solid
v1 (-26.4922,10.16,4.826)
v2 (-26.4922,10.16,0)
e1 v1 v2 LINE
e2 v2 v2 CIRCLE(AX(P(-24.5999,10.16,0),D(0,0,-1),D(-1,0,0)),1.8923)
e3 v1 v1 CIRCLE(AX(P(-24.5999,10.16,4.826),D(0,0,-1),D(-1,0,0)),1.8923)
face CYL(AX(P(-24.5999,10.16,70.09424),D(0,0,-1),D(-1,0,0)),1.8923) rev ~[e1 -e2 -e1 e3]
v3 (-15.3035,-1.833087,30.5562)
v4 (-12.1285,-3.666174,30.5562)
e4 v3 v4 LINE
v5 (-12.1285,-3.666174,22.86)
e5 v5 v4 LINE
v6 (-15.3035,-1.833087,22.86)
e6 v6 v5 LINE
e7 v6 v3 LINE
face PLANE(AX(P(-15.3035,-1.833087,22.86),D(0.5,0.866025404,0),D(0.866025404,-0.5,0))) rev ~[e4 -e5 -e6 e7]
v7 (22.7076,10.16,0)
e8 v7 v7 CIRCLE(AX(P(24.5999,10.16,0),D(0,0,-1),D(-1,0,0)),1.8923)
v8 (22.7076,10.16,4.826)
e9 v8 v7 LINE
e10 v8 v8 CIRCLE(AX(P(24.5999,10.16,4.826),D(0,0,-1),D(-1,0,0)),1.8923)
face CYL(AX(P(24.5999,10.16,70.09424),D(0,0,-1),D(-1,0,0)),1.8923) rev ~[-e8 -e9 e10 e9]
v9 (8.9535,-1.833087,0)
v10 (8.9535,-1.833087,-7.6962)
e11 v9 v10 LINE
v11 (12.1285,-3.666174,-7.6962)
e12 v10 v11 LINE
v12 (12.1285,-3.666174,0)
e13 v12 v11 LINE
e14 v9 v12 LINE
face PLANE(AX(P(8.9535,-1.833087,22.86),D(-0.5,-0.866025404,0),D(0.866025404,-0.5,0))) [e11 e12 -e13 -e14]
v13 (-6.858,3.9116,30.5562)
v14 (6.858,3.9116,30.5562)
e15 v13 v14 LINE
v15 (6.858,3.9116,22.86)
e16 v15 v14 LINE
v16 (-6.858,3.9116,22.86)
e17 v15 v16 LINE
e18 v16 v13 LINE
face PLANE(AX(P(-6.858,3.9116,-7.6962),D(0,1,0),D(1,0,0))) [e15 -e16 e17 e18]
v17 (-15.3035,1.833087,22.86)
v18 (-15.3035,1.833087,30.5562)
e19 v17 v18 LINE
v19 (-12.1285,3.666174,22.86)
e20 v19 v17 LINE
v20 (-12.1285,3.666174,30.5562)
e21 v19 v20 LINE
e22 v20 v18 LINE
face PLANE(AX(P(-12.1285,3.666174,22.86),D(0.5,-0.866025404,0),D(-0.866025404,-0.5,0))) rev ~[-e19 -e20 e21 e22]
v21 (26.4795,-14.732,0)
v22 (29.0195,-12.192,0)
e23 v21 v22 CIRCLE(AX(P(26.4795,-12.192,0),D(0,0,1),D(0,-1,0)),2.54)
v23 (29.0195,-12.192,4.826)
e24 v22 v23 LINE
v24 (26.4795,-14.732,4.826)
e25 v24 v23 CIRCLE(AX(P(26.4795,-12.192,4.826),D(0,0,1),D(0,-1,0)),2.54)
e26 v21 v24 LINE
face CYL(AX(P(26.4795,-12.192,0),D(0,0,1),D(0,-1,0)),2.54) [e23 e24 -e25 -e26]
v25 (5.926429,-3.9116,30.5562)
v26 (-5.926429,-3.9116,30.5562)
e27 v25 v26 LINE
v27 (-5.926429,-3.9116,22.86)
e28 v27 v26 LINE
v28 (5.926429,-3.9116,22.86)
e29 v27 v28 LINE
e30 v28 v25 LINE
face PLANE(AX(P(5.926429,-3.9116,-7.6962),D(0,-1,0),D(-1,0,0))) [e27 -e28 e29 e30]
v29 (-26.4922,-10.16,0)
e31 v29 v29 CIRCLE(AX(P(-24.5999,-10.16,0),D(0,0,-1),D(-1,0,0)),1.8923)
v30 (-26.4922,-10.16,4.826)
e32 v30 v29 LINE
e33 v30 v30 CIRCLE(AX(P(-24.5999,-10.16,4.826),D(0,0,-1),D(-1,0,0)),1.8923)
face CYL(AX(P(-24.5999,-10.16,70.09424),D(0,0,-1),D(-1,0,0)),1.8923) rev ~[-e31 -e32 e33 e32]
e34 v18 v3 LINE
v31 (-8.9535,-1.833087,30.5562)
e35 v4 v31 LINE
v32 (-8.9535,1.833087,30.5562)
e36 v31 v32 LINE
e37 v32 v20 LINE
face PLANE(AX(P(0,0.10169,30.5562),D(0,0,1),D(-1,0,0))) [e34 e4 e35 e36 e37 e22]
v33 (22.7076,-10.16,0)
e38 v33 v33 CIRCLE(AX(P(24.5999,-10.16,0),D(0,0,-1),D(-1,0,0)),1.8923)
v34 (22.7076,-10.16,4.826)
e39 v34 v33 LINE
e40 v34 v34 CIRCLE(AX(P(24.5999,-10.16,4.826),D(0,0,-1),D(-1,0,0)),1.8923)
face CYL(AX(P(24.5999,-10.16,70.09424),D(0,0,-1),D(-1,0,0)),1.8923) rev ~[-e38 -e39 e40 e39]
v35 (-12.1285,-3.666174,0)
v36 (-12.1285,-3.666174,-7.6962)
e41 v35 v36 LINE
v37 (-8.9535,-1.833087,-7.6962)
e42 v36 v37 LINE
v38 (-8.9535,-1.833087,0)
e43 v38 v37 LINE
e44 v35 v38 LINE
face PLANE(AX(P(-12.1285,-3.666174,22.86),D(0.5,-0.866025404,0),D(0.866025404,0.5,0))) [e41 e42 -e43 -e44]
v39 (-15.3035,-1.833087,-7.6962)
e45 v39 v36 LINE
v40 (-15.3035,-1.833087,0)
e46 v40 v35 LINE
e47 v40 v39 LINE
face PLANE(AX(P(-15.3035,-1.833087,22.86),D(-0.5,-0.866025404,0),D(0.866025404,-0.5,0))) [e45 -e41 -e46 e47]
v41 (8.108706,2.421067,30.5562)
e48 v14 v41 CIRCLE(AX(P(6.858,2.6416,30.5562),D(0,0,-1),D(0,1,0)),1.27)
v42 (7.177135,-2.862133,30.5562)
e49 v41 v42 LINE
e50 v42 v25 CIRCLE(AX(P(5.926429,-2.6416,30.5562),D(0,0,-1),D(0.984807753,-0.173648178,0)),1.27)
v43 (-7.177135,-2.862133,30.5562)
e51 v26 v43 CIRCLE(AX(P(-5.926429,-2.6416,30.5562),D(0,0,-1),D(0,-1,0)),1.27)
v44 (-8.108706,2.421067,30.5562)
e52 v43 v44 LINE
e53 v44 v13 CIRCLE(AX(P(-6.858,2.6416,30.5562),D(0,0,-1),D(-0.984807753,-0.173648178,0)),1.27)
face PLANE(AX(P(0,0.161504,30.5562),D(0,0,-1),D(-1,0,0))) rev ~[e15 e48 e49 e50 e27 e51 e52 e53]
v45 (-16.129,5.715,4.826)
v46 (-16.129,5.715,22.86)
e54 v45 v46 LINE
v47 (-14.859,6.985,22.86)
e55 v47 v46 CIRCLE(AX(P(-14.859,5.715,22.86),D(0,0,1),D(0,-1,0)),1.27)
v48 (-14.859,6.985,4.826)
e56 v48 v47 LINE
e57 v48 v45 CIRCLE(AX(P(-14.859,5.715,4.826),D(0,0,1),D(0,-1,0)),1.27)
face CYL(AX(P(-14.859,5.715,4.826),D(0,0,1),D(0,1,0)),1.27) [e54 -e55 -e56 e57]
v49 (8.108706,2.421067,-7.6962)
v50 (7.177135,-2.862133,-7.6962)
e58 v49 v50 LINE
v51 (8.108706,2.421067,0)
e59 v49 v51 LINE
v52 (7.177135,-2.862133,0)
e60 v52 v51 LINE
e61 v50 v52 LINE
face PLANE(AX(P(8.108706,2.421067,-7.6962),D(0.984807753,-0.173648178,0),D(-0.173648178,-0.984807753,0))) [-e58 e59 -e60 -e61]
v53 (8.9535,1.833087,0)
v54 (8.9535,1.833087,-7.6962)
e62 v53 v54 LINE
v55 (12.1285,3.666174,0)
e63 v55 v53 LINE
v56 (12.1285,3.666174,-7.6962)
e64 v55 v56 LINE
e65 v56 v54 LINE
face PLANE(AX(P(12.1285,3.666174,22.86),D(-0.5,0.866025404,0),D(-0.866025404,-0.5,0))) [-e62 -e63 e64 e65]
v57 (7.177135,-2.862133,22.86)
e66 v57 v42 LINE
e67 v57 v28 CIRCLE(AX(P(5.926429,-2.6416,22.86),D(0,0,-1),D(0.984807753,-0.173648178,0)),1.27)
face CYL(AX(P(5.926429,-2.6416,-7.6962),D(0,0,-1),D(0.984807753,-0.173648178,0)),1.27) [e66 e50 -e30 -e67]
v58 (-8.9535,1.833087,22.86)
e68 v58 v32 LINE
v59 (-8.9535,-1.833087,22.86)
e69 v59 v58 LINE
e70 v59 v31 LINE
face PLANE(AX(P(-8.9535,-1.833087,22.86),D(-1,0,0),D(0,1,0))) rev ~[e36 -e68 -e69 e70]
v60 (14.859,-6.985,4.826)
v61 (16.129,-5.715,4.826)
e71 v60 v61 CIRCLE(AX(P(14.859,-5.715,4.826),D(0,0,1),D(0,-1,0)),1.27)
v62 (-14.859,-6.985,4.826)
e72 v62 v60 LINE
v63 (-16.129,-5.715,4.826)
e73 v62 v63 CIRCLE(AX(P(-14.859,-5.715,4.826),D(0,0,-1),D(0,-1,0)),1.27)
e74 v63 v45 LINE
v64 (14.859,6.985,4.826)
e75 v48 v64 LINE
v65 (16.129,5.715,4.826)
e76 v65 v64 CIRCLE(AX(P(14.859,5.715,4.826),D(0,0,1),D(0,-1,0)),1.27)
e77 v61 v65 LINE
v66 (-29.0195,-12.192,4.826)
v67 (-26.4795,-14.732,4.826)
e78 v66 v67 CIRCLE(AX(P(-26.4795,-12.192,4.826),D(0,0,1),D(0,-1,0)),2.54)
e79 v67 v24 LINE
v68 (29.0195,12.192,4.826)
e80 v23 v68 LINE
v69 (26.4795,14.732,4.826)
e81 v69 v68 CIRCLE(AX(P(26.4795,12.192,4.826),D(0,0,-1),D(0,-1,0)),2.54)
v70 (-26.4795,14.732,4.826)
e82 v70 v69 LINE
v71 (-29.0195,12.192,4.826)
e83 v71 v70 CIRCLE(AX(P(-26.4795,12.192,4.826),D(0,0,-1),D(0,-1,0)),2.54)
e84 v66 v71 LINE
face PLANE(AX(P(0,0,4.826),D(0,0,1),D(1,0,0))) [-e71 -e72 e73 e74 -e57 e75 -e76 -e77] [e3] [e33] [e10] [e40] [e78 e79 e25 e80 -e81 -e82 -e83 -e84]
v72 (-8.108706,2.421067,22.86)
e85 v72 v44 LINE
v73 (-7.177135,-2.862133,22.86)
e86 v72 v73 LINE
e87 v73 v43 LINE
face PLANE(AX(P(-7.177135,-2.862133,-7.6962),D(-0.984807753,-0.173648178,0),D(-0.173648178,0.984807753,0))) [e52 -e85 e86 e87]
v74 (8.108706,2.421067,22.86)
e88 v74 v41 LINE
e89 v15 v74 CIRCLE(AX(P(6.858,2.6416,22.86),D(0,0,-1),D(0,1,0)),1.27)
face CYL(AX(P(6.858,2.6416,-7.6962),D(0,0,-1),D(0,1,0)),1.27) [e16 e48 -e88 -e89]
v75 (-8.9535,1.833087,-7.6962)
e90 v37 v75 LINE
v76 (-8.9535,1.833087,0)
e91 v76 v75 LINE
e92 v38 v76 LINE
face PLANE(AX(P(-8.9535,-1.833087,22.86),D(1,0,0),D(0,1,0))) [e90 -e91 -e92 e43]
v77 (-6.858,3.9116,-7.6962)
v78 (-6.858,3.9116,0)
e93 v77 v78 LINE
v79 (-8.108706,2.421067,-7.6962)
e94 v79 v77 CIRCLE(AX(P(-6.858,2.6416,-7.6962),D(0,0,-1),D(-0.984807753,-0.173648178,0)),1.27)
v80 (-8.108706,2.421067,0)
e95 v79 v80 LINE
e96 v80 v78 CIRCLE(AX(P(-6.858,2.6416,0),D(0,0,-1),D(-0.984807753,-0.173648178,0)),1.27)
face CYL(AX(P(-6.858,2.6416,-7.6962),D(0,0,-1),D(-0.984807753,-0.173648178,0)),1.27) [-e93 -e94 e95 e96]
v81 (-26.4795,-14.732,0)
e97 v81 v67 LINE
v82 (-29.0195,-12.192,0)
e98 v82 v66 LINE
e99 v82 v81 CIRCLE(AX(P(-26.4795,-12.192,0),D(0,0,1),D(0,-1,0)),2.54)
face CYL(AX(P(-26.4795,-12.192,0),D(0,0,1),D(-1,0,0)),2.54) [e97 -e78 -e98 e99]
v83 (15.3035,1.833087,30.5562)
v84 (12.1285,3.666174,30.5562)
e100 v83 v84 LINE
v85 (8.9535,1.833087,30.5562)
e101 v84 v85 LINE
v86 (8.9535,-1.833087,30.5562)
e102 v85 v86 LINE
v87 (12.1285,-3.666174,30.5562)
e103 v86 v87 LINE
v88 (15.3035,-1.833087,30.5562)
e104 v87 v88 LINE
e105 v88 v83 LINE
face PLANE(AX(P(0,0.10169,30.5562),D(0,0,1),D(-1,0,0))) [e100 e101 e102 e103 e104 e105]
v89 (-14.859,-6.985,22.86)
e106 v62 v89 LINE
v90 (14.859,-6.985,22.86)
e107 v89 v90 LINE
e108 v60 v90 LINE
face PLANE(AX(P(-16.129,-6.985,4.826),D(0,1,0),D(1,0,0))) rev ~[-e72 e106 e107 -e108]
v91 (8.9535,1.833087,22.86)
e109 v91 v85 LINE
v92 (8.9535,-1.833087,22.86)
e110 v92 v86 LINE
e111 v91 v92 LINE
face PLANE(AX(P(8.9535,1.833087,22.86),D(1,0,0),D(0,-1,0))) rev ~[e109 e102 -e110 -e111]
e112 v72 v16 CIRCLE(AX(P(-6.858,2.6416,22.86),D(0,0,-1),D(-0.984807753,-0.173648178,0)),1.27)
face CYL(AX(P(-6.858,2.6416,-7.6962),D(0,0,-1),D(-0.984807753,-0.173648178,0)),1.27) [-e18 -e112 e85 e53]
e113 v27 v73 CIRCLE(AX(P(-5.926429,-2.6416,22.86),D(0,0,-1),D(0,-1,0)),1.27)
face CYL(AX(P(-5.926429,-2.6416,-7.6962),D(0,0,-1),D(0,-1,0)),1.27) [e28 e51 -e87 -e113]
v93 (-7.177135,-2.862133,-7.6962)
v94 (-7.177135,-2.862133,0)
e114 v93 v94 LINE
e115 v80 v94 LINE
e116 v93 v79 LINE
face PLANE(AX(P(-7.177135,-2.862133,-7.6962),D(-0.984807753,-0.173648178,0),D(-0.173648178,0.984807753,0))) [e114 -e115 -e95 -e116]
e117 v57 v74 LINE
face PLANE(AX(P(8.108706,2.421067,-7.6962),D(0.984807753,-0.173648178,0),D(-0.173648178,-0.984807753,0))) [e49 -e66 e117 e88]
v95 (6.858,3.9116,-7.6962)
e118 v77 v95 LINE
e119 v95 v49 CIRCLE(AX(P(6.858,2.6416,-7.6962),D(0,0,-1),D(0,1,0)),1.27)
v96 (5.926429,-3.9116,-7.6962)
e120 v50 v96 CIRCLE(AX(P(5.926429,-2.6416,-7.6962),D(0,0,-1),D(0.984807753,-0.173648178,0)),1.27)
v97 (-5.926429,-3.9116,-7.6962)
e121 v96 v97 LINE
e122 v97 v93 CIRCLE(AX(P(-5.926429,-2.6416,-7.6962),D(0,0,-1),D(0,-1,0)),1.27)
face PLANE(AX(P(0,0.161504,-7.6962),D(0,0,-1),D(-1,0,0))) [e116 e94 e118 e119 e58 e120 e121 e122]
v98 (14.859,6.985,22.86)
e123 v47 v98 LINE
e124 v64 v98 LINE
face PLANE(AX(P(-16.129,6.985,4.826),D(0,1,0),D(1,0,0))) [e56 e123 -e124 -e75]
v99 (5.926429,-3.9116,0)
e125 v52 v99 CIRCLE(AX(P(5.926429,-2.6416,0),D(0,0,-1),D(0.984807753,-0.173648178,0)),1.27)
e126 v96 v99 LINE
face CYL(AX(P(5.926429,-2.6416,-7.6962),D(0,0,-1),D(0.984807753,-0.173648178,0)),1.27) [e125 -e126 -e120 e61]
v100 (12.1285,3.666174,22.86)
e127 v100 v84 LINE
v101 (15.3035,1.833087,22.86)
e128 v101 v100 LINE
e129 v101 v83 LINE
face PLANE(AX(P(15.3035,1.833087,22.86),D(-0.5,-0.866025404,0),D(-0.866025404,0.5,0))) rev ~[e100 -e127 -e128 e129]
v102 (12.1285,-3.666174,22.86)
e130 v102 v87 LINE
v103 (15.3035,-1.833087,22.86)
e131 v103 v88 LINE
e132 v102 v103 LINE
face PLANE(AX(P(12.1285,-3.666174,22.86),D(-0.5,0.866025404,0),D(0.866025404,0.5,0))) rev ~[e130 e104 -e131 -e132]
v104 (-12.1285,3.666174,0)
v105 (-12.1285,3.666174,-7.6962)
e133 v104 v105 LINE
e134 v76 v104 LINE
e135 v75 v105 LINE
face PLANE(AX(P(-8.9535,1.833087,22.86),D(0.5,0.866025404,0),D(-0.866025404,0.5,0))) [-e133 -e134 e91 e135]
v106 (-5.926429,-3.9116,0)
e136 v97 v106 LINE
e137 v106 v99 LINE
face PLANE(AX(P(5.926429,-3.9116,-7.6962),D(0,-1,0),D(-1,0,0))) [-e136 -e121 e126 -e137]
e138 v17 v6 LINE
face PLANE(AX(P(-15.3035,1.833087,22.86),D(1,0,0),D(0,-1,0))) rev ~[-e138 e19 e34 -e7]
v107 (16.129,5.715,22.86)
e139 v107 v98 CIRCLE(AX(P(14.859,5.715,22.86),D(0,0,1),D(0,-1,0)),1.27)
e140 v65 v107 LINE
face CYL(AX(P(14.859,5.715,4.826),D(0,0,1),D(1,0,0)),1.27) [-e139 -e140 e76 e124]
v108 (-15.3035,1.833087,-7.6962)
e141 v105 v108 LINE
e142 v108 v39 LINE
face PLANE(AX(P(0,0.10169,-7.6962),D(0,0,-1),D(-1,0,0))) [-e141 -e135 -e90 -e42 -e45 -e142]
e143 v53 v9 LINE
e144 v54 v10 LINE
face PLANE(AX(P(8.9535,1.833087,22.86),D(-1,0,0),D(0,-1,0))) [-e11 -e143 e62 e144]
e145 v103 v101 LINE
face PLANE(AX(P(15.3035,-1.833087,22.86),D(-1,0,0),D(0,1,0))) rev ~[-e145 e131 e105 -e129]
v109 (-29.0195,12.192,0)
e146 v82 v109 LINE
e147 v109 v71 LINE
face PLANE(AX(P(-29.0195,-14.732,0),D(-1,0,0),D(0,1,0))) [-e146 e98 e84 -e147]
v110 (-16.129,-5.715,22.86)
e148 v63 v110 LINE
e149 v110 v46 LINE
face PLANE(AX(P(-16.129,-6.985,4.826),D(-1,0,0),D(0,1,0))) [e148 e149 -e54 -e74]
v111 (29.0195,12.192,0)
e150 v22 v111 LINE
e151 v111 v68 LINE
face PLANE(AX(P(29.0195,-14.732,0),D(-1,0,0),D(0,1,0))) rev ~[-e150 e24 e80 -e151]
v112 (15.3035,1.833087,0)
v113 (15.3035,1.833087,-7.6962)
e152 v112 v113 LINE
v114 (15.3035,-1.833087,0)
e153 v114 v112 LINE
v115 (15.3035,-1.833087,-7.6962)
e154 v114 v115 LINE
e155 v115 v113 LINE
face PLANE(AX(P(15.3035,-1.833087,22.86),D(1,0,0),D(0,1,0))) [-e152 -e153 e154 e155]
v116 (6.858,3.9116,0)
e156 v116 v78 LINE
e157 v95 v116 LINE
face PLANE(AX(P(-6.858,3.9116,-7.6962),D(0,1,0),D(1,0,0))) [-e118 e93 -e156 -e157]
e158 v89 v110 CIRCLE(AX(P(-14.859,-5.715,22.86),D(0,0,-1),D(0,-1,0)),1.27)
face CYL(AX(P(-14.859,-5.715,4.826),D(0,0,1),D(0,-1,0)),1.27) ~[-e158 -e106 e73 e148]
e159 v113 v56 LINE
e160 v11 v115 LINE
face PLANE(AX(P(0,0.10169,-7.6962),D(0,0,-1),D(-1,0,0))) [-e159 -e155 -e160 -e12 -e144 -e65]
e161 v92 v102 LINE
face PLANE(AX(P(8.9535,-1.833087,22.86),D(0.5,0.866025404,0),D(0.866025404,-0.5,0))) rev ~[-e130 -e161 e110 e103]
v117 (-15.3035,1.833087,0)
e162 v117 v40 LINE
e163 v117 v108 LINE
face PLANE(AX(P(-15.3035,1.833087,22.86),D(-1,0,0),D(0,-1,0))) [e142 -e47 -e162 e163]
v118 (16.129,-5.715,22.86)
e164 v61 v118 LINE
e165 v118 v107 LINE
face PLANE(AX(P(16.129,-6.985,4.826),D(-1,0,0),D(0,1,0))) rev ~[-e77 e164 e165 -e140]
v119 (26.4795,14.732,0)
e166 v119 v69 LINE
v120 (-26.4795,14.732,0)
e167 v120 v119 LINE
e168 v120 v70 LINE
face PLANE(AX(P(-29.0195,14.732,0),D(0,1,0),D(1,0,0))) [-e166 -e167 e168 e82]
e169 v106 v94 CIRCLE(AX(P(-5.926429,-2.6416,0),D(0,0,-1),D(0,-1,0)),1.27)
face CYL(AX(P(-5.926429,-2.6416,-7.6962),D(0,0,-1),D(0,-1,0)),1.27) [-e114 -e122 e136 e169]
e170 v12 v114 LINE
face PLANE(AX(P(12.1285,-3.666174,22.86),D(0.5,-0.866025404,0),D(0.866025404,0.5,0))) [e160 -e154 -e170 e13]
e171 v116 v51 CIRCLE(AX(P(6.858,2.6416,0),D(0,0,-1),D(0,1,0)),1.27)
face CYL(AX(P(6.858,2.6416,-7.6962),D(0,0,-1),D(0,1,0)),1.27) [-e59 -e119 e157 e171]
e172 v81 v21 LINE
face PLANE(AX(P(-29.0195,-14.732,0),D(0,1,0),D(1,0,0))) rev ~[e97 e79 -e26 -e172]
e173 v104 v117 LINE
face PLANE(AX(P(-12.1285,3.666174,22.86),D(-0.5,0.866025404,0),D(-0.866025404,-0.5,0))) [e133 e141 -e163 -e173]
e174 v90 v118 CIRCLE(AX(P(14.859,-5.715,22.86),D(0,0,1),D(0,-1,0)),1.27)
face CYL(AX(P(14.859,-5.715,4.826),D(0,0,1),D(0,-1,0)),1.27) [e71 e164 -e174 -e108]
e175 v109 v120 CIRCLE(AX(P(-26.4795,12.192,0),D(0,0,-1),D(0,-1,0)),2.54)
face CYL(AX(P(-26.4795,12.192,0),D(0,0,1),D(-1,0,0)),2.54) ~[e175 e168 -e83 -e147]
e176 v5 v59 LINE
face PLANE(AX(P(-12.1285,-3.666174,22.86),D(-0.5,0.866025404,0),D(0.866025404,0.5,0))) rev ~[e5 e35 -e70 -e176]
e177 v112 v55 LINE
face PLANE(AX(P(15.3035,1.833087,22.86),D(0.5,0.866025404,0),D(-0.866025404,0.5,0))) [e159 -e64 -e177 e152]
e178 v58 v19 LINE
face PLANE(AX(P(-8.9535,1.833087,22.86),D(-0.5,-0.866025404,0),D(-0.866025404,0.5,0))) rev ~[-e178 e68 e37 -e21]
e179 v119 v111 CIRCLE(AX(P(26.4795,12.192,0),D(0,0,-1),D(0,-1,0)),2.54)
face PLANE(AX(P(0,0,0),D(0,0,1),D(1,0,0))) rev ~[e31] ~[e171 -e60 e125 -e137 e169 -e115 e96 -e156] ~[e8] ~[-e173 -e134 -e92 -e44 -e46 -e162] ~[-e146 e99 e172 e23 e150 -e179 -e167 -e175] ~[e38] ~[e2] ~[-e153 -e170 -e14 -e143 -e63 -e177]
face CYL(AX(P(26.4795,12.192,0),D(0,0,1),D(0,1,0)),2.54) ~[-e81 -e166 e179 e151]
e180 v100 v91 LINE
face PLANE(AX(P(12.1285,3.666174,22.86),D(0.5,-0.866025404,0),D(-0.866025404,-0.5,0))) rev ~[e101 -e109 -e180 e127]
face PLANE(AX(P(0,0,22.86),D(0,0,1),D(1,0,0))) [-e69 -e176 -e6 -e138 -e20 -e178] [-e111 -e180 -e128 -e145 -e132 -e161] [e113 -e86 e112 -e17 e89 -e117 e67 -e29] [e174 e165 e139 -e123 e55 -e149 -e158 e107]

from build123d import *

# Parameters (mm, degrees)
SKETCH1_W                       = 58.039
SKETCH1_H                       = 29.464
BOSS_EXTRUDE1_DEPTH             = 4.826
F_25_0_1495_DIAMETER_HOLE1_D    = 3.7846
SKETCH4_W                       = 32.258
SKETCH4_H                       = 13.97
BOSS_EXTRUDE2_DEPTH             = 18.034
FILLET1_R                       = 2.54
FILLET2_R                       = 1.27
BOSS_EXTRUDE3_DEPTH             = 7.6962
BOSS_EXTRUDE3_DEPTH_BACK        = 30.5562
BOSS_EXTRUDE4_REACH             = 46.641
BOSS_EXTRUDE4_DIRECTION_2_REACH = 46.641


with BuildPart() as part:
    # Sketch1 → Boss-Extrude1 (new body)
    with BuildSketch(Plane.XY):
        Rectangle(SKETCH1_W, SKETCH1_H)
    extrude(amount=BOSS_EXTRUDE1_DEPTH)

    # #25 (0.1495) Diameter Hole1 (through all)
    with Locations(Plane.XY.offset(4.826)):
        with Locations((-24.5999, 10.16), (24.5999, 10.16), (24.5999, -10.16), (-24.5999, -10.16)):
            Hole(F_25_0_1495_DIAMETER_HOLE1_D / 2)

    # Sketch4 → Boss-Extrude2 (add)
    with BuildSketch(Plane.XY.offset(4.826)):
        Rectangle(SKETCH4_W, SKETCH4_H)
    extrude(amount=BOSS_EXTRUDE2_DEPTH)

    # Fillet1
    fillet1_edges = [part.edges().sort_by_distance(p)[0] for p in [
        (29.0195, -14.732, 2.413),
        (-29.0195, -14.732, 2.413),
        (-29.0195, 14.732, 2.413),
        (29.0195, 14.732, 2.413),
    ]]
    fillet(fillet1_edges, radius=FILLET1_R)

    # Fillet2
    fillet2_edges = [part.edges().sort_by_distance(p)[0] for p in [
        (16.129, -6.985, 13.843),
        (16.129, 6.985, 13.843),
        (-16.129, 6.985, 13.843),
        (-16.129, -6.985, 13.843),
    ]]
    fillet(fillet2_edges, radius=FILLET2_R)

    # Sketch5 → Boss-Extrude3 (add, two sides: drawn at the far end of the back side and taken through both)
    with BuildSketch(Plane.XY.offset(22.86).offset(-BOSS_EXTRUDE3_DEPTH_BACK)):
        with BuildLine():
            Line((8.108705846, 2.421066814), (7.177135142, -2.862133186))
            ThreePointArc((7.177135142, -2.862133186), (6.74276956, -3.614476443), (5.926429296, -3.9116))
            Line((5.926429296, -3.9116), (-5.926429296, -3.9116))
            ThreePointArc((-5.926429296, -3.9116), (-6.74276956, -3.614476443), (-7.177135142, -2.862133186))
            Line((-7.177135142, -2.862133186), (-8.108705846, 2.421066814))
            ThreePointArc((-8.108705846, 2.421066814), (-7.830876443, 3.457940264), (-6.858, 3.9116))
            Line((-6.858, 3.9116), (6.858, 3.9116))
            ThreePointArc((6.858, 3.9116), (7.830876443, 3.457940264), (8.108705846, 2.421066814))
        make_face()
    extrude(amount=BOSS_EXTRUDE3_DEPTH + BOSS_EXTRUDE3_DEPTH_BACK)

    # Boss-Extrude4: up to this face of the body (flat: up to its plane)
    boss_extrude4_end = Plane(part.part.faces().sort_by_distance((0, 0.101689946, 30.5562))[0])
    # Sketch6 → Boss-Extrude4 (add, up to the picked face)
    with BuildSketch(Plane.XY.offset(22.86), mode=Mode.PRIVATE) as boss_extrude4_sk1:
        Polygon((12.1285, -3.666174209), (15.3035, -1.833087105), (15.3035, 1.833087105), (12.1285, 3.666174209), (8.9535, 1.833087105), (8.9535, -1.833087105), align=None)
    boss_extrude4_tool1 = split(extrude(boss_extrude4_sk1.sketch, amount=BOSS_EXTRUDE4_REACH, mode=Mode.PRIVATE), bisect_by=boss_extrude4_end, keep=Keep.BOTH, mode=Mode.PRIVATE)
    # Sketch6 → Boss-Extrude4 (add, up to the picked face)
    with BuildSketch(Plane.XY.offset(22.86), mode=Mode.PRIVATE) as boss_extrude4_sk2:
        Polygon((-12.1285, -3.666174209), (-8.9535, -1.833087105), (-8.9535, 1.833087105), (-12.1285, 3.666174209), (-15.3035, 1.833087105), (-15.3035, -1.833087105), align=None)
    boss_extrude4_tool2 = split(extrude(boss_extrude4_sk2.sketch, amount=BOSS_EXTRUDE4_REACH, mode=Mode.PRIVATE), bisect_by=boss_extrude4_end, keep=Keep.BOTH, mode=Mode.PRIVATE)
    add(boss_extrude4_tool1.solids().sort_by(Axis((12.1285, 0, 22.86), (0, 0, 1)))[0])
    add(boss_extrude4_tool2.solids().sort_by(Axis((-12.1285, 0, 22.86), (0, 0, 1)))[0])

    # Boss-Extrude4 direction 2: up to this face of the body (flat: up to its plane)
    boss_extrude4_direction_2_end = Plane(part.part.faces().sort_by_distance((0, 0.101689946, -7.6962))[0])
    # Sketch6 → Boss-Extrude4 direction 2 (add, up to the picked face)
    with BuildSketch(Plane.XY.offset(22.86), mode=Mode.PRIVATE) as boss_extrude4_direction_2_sk1:
        Polygon((12.1285, -3.666174209), (15.3035, -1.833087105), (15.3035, 1.833087105), (12.1285, 3.666174209), (8.9535, 1.833087105), (8.9535, -1.833087105), align=None)
    boss_extrude4_direction_2_tool1 = split(extrude(boss_extrude4_direction_2_sk1.sketch, amount=-BOSS_EXTRUDE4_DIRECTION_2_REACH, mode=Mode.PRIVATE), bisect_by=boss_extrude4_direction_2_end, keep=Keep.BOTH, mode=Mode.PRIVATE)
    # Sketch6 → Boss-Extrude4 direction 2 (add, up to the picked face)
    with BuildSketch(Plane.XY.offset(22.86), mode=Mode.PRIVATE) as boss_extrude4_direction_2_sk2:
        Polygon((-12.1285, -3.666174209), (-8.9535, -1.833087105), (-8.9535, 1.833087105), (-12.1285, 3.666174209), (-15.3035, 1.833087105), (-15.3035, -1.833087105), align=None)
    boss_extrude4_direction_2_tool2 = split(extrude(boss_extrude4_direction_2_sk2.sketch, amount=-BOSS_EXTRUDE4_DIRECTION_2_REACH, mode=Mode.PRIVATE), bisect_by=boss_extrude4_direction_2_end, keep=Keep.BOTH, mode=Mode.PRIVATE)
    add(boss_extrude4_direction_2_tool1.solids().sort_by(Axis((12.1285, 0, 22.86), (0, 0, -1)))[0])
    add(boss_extrude4_direction_2_tool2.solids().sort_by(Axis((-12.1285, 0, 22.86), (0, 0, -1)))[0])


solid = part.part
